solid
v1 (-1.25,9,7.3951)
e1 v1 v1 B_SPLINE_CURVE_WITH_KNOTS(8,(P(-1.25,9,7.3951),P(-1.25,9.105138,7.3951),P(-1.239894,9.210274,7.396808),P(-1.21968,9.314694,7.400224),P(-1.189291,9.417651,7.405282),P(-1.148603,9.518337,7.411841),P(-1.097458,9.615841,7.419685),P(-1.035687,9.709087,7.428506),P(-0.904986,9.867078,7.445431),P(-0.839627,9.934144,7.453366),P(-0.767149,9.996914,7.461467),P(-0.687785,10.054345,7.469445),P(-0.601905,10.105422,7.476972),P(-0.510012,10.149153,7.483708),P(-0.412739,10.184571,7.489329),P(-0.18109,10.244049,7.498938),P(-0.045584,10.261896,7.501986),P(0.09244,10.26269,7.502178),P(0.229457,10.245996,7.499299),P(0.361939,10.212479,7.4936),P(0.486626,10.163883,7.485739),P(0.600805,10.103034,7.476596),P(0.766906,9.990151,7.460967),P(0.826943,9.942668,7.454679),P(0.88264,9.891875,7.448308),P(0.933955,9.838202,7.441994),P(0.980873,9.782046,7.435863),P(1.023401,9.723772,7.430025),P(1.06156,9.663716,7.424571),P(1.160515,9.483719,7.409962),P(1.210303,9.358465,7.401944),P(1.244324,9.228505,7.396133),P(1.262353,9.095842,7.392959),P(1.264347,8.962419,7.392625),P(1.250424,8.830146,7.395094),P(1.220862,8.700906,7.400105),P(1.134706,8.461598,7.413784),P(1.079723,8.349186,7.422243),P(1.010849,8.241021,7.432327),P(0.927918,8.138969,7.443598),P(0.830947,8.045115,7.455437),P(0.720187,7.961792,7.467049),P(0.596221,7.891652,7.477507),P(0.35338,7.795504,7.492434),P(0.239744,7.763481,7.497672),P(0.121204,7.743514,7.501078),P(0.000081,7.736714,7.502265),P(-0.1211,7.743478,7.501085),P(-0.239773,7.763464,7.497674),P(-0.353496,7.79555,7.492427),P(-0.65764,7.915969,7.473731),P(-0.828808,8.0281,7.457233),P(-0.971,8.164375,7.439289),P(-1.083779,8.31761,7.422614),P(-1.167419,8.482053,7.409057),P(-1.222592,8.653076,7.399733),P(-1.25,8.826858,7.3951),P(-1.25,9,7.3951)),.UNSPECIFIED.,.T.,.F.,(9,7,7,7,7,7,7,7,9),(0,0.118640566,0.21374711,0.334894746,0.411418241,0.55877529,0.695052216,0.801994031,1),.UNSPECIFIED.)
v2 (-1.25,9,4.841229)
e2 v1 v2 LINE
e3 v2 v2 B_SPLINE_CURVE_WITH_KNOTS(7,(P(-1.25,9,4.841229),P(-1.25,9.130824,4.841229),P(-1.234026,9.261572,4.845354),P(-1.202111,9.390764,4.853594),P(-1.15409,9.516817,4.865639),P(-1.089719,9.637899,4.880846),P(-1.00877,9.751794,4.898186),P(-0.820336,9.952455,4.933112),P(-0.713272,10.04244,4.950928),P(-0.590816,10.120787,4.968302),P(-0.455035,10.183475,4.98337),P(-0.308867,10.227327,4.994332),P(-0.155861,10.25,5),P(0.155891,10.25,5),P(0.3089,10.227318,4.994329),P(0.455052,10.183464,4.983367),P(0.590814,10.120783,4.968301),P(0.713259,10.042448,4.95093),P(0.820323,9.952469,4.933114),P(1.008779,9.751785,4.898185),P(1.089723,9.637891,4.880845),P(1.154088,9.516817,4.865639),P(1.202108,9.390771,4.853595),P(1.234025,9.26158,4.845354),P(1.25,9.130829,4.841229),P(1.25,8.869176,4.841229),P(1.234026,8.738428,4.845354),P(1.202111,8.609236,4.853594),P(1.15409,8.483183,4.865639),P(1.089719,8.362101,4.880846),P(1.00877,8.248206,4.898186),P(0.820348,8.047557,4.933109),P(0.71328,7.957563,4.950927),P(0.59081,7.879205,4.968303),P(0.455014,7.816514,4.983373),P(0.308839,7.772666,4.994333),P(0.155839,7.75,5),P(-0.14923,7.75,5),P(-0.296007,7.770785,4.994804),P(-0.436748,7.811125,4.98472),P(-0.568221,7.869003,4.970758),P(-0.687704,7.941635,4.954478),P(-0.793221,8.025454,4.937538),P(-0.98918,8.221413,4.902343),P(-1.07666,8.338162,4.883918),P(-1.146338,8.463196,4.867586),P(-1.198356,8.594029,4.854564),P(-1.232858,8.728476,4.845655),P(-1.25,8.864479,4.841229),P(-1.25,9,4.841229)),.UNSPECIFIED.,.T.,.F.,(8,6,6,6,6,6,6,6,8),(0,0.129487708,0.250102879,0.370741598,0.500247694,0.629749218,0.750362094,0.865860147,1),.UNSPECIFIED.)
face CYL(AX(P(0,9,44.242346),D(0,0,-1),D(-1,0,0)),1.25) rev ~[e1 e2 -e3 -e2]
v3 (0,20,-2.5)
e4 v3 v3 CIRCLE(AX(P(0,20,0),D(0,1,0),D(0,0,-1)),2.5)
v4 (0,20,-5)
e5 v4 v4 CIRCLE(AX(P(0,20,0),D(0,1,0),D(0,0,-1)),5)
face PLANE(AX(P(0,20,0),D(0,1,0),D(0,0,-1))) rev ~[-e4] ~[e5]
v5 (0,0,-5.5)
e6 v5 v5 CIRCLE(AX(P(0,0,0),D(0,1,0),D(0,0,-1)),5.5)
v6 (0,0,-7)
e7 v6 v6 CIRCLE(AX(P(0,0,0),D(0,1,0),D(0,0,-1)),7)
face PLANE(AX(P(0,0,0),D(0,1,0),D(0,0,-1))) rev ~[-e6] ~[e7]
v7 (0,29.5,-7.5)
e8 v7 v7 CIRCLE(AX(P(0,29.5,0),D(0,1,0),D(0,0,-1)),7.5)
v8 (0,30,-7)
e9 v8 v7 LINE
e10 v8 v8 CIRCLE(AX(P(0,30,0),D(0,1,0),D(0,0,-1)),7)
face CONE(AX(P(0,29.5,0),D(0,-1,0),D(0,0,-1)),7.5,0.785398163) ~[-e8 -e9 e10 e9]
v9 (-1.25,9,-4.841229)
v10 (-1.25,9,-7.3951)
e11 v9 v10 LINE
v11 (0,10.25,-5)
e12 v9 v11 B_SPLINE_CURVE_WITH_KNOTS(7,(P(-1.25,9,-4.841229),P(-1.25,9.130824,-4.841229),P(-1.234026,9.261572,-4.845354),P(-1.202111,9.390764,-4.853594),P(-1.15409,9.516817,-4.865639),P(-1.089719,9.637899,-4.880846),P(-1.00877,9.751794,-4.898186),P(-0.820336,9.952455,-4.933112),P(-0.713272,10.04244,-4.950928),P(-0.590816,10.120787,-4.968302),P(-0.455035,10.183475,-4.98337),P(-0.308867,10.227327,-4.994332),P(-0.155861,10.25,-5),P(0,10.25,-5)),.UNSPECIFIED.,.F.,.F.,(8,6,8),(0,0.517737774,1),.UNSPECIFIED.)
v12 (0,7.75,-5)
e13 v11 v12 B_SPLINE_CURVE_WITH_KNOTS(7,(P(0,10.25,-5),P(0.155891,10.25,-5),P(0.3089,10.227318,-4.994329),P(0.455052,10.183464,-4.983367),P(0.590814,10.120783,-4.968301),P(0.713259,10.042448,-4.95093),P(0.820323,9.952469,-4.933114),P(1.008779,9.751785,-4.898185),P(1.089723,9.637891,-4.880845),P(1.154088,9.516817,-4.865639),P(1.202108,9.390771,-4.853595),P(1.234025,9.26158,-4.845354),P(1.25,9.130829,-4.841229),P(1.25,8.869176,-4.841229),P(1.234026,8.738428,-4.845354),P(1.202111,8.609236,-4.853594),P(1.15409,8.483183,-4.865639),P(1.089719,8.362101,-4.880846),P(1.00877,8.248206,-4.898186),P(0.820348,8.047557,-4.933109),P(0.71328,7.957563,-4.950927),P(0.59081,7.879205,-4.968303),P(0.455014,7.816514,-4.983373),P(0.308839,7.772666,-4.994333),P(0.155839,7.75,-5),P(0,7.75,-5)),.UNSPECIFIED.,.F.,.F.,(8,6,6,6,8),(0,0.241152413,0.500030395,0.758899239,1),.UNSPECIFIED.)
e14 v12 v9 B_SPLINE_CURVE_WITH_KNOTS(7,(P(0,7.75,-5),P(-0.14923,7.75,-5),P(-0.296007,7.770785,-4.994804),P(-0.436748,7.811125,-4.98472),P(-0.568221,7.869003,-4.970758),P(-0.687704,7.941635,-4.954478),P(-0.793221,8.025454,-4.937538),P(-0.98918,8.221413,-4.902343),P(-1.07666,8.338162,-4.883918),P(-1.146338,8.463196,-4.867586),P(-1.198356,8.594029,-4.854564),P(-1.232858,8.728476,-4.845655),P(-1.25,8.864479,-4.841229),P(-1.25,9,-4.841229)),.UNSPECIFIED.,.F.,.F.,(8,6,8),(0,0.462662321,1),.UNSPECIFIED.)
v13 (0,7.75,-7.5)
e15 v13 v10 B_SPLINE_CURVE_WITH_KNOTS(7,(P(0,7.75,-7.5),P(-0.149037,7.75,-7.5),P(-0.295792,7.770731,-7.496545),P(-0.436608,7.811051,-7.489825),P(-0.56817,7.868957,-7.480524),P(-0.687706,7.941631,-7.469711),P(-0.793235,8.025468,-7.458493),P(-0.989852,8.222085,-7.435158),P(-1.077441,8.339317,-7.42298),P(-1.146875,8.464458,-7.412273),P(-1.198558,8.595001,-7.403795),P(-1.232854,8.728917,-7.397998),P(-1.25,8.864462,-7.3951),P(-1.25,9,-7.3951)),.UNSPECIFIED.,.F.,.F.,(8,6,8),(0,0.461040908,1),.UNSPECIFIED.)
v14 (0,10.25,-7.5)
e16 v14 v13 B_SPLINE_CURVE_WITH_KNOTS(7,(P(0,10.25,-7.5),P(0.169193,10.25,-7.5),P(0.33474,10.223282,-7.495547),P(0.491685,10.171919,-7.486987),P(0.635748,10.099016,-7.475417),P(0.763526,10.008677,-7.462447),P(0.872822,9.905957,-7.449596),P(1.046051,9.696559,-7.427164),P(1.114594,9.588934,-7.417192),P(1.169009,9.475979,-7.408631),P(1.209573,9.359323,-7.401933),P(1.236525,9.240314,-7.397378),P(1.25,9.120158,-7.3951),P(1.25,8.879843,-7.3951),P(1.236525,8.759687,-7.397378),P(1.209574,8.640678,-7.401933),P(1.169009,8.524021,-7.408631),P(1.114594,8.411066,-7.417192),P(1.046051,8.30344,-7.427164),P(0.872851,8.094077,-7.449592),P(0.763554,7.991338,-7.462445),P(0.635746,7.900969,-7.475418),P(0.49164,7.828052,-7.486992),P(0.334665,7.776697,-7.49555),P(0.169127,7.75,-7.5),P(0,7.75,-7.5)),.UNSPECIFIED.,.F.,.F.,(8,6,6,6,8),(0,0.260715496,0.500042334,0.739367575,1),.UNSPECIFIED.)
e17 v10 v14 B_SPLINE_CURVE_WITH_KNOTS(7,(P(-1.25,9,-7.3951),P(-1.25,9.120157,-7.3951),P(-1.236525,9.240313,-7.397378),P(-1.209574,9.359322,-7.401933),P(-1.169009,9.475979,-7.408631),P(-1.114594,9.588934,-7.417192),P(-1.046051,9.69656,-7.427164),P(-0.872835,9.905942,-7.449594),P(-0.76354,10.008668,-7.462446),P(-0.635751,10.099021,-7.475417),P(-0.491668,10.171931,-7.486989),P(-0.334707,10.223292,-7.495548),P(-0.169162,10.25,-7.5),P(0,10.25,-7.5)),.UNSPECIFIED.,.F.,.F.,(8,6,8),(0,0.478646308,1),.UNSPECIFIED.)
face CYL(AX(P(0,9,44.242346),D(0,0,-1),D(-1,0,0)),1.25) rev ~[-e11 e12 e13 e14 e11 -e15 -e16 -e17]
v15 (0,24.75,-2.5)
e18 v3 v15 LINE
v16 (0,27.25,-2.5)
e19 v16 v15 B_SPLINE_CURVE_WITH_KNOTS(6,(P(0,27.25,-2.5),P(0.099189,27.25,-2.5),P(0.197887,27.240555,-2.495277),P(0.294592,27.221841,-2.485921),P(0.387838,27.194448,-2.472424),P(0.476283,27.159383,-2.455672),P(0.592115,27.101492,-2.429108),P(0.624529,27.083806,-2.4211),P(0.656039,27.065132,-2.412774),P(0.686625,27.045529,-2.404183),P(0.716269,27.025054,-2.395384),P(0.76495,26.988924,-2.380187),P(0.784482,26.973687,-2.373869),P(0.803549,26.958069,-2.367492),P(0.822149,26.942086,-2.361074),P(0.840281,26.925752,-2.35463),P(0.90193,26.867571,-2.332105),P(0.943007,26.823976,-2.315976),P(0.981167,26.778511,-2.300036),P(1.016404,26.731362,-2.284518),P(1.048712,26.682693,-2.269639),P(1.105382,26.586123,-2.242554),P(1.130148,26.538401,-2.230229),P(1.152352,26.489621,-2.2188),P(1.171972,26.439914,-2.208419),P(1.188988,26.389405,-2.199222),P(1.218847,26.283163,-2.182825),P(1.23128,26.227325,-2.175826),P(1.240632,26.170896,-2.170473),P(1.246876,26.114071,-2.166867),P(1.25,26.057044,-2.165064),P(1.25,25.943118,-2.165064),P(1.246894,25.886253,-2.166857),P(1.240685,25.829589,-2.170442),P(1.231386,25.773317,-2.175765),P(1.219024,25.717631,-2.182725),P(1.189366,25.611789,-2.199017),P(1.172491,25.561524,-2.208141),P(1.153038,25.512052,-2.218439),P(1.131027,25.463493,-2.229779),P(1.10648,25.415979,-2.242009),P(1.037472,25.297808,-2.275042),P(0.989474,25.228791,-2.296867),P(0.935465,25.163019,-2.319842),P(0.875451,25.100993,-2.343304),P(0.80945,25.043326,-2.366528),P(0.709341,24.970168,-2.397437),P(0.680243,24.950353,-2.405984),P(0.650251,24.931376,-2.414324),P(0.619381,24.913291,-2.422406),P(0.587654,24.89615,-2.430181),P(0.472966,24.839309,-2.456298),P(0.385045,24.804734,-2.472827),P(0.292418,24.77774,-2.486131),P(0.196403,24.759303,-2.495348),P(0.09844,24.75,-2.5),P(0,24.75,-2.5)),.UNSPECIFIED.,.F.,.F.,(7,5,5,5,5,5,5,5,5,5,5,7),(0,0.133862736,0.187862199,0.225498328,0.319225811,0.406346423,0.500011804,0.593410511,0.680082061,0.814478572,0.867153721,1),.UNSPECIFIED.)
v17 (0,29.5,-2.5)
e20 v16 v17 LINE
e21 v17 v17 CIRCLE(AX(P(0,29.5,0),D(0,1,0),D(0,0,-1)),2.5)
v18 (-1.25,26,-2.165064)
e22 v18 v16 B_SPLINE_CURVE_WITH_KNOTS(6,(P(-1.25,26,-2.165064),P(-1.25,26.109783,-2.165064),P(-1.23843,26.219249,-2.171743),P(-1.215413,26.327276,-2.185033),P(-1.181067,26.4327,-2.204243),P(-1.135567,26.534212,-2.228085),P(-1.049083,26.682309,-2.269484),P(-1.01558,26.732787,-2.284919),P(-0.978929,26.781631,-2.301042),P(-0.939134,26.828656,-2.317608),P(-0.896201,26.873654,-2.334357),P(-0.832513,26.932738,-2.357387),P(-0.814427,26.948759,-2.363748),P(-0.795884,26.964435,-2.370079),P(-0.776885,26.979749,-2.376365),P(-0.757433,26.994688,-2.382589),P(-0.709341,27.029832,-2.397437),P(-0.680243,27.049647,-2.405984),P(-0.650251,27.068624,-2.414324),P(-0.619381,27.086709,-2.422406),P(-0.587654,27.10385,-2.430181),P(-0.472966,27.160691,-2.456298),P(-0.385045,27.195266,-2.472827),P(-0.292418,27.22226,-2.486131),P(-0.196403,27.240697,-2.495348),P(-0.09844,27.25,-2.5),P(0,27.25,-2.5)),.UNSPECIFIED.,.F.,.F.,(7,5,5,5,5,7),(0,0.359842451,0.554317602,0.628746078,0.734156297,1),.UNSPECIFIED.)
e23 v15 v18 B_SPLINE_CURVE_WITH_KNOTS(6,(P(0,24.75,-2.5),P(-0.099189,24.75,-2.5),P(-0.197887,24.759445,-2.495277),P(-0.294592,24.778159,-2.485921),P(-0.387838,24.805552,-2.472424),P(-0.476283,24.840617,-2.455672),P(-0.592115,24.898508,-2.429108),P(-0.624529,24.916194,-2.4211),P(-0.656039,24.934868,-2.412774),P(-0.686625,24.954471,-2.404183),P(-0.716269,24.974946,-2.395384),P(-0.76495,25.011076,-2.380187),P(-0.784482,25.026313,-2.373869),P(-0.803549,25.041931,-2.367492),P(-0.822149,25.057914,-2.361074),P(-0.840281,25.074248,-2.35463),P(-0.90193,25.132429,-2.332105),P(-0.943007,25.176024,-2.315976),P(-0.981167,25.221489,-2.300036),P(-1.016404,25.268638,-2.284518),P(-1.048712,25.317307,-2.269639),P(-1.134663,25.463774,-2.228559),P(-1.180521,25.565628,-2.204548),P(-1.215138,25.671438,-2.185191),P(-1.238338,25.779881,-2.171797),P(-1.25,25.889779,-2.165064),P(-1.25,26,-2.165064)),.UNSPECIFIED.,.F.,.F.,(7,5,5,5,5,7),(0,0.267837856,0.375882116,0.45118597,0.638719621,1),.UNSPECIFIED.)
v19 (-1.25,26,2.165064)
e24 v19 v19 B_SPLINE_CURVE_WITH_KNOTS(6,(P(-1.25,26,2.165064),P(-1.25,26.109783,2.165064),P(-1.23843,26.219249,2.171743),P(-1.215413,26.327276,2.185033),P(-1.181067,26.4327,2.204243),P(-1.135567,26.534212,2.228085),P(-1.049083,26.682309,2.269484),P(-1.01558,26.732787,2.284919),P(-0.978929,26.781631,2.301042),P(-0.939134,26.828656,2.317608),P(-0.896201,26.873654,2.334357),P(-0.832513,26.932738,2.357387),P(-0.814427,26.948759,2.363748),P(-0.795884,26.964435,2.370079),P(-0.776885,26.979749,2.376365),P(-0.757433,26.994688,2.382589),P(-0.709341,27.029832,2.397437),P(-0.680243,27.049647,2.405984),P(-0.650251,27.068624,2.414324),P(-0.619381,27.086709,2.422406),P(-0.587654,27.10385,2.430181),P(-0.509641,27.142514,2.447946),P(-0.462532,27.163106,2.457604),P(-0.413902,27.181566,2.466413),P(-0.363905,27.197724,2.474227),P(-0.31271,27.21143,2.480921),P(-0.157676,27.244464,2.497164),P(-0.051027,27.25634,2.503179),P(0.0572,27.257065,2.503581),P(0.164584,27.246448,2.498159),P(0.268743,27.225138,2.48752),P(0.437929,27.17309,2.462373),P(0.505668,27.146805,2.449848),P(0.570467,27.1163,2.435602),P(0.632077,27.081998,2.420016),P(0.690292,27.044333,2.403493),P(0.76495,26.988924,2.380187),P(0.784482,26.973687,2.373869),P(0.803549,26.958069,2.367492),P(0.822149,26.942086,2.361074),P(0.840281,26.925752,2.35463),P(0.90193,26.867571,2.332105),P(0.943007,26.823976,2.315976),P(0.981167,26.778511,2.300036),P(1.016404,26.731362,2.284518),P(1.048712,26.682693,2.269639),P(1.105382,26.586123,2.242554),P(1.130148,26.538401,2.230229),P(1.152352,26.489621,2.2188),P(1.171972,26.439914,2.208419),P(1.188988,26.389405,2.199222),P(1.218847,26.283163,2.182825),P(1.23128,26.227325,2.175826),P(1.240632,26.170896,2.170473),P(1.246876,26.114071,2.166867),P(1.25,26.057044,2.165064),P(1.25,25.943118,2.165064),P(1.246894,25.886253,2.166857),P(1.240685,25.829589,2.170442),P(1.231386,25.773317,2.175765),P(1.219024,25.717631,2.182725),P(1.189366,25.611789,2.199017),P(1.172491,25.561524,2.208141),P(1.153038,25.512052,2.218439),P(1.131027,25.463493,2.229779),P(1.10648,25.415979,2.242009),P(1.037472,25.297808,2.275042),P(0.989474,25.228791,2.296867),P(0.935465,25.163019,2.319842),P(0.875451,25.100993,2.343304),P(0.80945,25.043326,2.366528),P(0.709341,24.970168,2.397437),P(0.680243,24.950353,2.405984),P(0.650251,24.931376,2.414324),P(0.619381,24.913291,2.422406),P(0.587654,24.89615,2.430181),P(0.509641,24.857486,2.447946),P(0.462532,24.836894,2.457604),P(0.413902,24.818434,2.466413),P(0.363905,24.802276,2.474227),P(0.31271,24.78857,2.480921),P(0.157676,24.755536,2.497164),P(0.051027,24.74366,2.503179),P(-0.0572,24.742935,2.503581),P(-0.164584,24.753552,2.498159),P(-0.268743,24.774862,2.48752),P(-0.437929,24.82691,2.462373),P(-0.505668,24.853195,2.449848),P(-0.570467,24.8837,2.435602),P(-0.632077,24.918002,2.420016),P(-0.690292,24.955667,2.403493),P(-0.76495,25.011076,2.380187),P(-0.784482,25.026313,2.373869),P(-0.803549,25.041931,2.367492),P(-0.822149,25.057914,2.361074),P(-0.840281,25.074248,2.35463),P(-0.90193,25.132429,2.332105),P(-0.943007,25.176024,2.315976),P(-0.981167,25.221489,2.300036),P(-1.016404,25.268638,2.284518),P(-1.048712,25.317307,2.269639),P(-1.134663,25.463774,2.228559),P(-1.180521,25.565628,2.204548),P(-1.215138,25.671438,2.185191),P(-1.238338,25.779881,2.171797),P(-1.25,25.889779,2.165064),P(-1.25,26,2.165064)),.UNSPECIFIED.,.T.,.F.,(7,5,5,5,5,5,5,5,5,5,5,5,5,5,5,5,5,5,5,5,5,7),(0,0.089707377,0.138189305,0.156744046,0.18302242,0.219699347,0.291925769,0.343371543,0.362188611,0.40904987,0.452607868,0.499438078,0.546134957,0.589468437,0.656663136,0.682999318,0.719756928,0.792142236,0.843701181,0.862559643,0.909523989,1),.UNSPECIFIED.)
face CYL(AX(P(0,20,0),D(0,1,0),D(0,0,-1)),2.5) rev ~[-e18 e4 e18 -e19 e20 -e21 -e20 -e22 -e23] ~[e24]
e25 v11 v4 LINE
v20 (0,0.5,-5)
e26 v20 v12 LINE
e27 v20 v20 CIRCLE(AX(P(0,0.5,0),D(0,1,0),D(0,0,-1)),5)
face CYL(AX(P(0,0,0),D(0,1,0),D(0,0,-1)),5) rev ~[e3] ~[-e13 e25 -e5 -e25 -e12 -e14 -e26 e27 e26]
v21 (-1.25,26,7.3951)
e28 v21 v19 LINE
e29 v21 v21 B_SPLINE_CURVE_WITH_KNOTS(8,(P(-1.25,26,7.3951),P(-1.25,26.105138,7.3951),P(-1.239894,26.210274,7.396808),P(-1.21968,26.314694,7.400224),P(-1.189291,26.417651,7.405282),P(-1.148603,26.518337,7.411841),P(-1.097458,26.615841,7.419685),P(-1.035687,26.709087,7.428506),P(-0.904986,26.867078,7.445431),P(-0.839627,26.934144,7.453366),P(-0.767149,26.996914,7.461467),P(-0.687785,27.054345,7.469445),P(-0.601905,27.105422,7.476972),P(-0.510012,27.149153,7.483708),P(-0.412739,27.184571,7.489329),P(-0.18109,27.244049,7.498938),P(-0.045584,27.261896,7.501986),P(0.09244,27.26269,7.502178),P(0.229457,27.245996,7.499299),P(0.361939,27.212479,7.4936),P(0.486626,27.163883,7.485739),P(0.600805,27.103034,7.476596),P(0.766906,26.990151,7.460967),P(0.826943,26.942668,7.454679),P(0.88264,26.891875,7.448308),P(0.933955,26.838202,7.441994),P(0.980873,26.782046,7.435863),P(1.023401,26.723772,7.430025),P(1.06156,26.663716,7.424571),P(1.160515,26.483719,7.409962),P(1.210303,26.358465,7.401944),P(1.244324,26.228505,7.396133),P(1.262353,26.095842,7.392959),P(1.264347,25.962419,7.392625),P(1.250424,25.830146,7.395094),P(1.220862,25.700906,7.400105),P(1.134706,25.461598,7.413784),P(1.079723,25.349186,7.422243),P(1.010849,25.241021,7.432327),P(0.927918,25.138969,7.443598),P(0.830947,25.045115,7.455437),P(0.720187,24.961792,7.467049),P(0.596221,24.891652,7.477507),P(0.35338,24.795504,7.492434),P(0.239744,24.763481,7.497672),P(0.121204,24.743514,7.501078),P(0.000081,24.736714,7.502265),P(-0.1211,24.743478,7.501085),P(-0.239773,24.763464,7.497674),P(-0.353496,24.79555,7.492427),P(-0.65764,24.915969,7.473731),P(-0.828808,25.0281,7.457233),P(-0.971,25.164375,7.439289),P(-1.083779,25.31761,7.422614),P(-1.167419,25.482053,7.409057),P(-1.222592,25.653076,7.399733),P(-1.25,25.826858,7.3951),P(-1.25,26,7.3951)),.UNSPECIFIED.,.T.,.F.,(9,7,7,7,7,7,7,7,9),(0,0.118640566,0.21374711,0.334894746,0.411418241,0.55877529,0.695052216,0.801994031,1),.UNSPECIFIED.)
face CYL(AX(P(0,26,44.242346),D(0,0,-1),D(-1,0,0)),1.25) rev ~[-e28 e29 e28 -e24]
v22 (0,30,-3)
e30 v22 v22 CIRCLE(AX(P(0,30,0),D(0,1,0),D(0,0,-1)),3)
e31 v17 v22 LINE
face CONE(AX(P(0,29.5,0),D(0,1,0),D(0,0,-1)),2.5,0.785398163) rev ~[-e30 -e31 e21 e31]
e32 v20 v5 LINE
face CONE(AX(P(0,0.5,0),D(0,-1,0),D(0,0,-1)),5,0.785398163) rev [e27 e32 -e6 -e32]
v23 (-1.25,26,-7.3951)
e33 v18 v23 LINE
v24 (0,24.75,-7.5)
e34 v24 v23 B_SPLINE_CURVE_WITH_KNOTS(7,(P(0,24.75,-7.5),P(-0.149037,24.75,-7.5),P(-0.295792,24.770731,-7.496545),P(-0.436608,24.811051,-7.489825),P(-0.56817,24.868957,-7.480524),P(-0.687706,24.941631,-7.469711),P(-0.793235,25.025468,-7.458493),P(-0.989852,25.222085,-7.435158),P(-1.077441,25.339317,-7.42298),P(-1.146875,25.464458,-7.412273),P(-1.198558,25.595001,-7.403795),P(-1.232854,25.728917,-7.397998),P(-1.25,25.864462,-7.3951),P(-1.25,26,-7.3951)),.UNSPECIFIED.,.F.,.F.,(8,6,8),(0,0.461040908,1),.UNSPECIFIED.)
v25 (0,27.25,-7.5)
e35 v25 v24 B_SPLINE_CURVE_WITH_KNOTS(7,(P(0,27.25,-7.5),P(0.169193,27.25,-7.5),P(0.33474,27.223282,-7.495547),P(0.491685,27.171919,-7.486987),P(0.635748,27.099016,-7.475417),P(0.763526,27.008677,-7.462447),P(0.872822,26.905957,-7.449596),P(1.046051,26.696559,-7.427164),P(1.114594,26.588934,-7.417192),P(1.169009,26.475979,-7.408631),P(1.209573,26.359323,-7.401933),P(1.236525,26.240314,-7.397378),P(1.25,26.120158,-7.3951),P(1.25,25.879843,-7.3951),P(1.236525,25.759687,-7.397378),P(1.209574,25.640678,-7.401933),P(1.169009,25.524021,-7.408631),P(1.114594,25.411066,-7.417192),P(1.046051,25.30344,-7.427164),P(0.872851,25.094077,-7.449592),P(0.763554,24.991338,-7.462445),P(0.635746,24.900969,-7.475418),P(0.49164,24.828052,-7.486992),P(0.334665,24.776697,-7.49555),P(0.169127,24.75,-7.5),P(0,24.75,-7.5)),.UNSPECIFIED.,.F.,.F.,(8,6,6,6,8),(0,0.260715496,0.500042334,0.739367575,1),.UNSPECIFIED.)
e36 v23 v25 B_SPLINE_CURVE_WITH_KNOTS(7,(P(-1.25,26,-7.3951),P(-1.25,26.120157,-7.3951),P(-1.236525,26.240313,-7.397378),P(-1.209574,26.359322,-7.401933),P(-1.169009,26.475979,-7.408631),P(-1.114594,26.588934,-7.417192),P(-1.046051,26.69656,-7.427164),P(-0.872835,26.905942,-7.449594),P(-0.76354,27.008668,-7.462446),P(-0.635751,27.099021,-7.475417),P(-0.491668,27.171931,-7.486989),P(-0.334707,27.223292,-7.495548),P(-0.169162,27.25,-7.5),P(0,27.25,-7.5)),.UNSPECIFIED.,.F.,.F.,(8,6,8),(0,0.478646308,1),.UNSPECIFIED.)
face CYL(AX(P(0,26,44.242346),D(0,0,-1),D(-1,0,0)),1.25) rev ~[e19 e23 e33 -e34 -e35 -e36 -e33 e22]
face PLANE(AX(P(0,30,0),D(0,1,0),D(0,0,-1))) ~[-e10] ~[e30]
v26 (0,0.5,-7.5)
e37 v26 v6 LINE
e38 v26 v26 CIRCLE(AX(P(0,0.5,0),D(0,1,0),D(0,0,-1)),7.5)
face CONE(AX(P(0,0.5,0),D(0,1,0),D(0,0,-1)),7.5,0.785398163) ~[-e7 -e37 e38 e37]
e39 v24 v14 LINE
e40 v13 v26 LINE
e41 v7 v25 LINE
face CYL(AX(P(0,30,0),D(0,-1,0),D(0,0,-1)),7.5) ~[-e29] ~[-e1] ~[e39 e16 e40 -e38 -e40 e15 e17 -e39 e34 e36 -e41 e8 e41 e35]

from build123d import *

# Parameters (mm, degrees)
CHAMFER_1_SIZE     = 0.5
HOLE_WIZARD_M3_2_D = 2.5


with BuildPart() as part:
    # 草图1 → 旋转1 (revolve)
    with BuildSketch(Plane.XY, mode=Mode.PRIVATE) as revolve_1_sk:
        Polygon((5, 0), (5, 20), (2.5, 20), (2.5, 30), (7.5, 30), (7.5, 0), align=None)
    revolve(revolve_1_sk.sketch.rotate(Axis((0, 0, 0), (0, 1, 0)), 90), axis=Axis((0, 0, 0), (0, 1, 0)))

    # 倒角1
    chamfer_1_edges = [part.edges().sort_by_distance(p)[0] for p in [
        (0, 0, 7.5),
        (0, 30, 7.5),
        (0, 30, 2.5),
        (0, 0, 5),
    ]]
    chamfer(chamfer_1_edges, length=CHAMFER_1_SIZE)

    # M3 螺纹孔2 (through all)
    with Locations(Plane.XY.offset(7.5)):
        with Locations((0, 26), (0, 9)):
            Hole(HOLE_WIZARD_M3_2_D / 2)


solid = part.part
